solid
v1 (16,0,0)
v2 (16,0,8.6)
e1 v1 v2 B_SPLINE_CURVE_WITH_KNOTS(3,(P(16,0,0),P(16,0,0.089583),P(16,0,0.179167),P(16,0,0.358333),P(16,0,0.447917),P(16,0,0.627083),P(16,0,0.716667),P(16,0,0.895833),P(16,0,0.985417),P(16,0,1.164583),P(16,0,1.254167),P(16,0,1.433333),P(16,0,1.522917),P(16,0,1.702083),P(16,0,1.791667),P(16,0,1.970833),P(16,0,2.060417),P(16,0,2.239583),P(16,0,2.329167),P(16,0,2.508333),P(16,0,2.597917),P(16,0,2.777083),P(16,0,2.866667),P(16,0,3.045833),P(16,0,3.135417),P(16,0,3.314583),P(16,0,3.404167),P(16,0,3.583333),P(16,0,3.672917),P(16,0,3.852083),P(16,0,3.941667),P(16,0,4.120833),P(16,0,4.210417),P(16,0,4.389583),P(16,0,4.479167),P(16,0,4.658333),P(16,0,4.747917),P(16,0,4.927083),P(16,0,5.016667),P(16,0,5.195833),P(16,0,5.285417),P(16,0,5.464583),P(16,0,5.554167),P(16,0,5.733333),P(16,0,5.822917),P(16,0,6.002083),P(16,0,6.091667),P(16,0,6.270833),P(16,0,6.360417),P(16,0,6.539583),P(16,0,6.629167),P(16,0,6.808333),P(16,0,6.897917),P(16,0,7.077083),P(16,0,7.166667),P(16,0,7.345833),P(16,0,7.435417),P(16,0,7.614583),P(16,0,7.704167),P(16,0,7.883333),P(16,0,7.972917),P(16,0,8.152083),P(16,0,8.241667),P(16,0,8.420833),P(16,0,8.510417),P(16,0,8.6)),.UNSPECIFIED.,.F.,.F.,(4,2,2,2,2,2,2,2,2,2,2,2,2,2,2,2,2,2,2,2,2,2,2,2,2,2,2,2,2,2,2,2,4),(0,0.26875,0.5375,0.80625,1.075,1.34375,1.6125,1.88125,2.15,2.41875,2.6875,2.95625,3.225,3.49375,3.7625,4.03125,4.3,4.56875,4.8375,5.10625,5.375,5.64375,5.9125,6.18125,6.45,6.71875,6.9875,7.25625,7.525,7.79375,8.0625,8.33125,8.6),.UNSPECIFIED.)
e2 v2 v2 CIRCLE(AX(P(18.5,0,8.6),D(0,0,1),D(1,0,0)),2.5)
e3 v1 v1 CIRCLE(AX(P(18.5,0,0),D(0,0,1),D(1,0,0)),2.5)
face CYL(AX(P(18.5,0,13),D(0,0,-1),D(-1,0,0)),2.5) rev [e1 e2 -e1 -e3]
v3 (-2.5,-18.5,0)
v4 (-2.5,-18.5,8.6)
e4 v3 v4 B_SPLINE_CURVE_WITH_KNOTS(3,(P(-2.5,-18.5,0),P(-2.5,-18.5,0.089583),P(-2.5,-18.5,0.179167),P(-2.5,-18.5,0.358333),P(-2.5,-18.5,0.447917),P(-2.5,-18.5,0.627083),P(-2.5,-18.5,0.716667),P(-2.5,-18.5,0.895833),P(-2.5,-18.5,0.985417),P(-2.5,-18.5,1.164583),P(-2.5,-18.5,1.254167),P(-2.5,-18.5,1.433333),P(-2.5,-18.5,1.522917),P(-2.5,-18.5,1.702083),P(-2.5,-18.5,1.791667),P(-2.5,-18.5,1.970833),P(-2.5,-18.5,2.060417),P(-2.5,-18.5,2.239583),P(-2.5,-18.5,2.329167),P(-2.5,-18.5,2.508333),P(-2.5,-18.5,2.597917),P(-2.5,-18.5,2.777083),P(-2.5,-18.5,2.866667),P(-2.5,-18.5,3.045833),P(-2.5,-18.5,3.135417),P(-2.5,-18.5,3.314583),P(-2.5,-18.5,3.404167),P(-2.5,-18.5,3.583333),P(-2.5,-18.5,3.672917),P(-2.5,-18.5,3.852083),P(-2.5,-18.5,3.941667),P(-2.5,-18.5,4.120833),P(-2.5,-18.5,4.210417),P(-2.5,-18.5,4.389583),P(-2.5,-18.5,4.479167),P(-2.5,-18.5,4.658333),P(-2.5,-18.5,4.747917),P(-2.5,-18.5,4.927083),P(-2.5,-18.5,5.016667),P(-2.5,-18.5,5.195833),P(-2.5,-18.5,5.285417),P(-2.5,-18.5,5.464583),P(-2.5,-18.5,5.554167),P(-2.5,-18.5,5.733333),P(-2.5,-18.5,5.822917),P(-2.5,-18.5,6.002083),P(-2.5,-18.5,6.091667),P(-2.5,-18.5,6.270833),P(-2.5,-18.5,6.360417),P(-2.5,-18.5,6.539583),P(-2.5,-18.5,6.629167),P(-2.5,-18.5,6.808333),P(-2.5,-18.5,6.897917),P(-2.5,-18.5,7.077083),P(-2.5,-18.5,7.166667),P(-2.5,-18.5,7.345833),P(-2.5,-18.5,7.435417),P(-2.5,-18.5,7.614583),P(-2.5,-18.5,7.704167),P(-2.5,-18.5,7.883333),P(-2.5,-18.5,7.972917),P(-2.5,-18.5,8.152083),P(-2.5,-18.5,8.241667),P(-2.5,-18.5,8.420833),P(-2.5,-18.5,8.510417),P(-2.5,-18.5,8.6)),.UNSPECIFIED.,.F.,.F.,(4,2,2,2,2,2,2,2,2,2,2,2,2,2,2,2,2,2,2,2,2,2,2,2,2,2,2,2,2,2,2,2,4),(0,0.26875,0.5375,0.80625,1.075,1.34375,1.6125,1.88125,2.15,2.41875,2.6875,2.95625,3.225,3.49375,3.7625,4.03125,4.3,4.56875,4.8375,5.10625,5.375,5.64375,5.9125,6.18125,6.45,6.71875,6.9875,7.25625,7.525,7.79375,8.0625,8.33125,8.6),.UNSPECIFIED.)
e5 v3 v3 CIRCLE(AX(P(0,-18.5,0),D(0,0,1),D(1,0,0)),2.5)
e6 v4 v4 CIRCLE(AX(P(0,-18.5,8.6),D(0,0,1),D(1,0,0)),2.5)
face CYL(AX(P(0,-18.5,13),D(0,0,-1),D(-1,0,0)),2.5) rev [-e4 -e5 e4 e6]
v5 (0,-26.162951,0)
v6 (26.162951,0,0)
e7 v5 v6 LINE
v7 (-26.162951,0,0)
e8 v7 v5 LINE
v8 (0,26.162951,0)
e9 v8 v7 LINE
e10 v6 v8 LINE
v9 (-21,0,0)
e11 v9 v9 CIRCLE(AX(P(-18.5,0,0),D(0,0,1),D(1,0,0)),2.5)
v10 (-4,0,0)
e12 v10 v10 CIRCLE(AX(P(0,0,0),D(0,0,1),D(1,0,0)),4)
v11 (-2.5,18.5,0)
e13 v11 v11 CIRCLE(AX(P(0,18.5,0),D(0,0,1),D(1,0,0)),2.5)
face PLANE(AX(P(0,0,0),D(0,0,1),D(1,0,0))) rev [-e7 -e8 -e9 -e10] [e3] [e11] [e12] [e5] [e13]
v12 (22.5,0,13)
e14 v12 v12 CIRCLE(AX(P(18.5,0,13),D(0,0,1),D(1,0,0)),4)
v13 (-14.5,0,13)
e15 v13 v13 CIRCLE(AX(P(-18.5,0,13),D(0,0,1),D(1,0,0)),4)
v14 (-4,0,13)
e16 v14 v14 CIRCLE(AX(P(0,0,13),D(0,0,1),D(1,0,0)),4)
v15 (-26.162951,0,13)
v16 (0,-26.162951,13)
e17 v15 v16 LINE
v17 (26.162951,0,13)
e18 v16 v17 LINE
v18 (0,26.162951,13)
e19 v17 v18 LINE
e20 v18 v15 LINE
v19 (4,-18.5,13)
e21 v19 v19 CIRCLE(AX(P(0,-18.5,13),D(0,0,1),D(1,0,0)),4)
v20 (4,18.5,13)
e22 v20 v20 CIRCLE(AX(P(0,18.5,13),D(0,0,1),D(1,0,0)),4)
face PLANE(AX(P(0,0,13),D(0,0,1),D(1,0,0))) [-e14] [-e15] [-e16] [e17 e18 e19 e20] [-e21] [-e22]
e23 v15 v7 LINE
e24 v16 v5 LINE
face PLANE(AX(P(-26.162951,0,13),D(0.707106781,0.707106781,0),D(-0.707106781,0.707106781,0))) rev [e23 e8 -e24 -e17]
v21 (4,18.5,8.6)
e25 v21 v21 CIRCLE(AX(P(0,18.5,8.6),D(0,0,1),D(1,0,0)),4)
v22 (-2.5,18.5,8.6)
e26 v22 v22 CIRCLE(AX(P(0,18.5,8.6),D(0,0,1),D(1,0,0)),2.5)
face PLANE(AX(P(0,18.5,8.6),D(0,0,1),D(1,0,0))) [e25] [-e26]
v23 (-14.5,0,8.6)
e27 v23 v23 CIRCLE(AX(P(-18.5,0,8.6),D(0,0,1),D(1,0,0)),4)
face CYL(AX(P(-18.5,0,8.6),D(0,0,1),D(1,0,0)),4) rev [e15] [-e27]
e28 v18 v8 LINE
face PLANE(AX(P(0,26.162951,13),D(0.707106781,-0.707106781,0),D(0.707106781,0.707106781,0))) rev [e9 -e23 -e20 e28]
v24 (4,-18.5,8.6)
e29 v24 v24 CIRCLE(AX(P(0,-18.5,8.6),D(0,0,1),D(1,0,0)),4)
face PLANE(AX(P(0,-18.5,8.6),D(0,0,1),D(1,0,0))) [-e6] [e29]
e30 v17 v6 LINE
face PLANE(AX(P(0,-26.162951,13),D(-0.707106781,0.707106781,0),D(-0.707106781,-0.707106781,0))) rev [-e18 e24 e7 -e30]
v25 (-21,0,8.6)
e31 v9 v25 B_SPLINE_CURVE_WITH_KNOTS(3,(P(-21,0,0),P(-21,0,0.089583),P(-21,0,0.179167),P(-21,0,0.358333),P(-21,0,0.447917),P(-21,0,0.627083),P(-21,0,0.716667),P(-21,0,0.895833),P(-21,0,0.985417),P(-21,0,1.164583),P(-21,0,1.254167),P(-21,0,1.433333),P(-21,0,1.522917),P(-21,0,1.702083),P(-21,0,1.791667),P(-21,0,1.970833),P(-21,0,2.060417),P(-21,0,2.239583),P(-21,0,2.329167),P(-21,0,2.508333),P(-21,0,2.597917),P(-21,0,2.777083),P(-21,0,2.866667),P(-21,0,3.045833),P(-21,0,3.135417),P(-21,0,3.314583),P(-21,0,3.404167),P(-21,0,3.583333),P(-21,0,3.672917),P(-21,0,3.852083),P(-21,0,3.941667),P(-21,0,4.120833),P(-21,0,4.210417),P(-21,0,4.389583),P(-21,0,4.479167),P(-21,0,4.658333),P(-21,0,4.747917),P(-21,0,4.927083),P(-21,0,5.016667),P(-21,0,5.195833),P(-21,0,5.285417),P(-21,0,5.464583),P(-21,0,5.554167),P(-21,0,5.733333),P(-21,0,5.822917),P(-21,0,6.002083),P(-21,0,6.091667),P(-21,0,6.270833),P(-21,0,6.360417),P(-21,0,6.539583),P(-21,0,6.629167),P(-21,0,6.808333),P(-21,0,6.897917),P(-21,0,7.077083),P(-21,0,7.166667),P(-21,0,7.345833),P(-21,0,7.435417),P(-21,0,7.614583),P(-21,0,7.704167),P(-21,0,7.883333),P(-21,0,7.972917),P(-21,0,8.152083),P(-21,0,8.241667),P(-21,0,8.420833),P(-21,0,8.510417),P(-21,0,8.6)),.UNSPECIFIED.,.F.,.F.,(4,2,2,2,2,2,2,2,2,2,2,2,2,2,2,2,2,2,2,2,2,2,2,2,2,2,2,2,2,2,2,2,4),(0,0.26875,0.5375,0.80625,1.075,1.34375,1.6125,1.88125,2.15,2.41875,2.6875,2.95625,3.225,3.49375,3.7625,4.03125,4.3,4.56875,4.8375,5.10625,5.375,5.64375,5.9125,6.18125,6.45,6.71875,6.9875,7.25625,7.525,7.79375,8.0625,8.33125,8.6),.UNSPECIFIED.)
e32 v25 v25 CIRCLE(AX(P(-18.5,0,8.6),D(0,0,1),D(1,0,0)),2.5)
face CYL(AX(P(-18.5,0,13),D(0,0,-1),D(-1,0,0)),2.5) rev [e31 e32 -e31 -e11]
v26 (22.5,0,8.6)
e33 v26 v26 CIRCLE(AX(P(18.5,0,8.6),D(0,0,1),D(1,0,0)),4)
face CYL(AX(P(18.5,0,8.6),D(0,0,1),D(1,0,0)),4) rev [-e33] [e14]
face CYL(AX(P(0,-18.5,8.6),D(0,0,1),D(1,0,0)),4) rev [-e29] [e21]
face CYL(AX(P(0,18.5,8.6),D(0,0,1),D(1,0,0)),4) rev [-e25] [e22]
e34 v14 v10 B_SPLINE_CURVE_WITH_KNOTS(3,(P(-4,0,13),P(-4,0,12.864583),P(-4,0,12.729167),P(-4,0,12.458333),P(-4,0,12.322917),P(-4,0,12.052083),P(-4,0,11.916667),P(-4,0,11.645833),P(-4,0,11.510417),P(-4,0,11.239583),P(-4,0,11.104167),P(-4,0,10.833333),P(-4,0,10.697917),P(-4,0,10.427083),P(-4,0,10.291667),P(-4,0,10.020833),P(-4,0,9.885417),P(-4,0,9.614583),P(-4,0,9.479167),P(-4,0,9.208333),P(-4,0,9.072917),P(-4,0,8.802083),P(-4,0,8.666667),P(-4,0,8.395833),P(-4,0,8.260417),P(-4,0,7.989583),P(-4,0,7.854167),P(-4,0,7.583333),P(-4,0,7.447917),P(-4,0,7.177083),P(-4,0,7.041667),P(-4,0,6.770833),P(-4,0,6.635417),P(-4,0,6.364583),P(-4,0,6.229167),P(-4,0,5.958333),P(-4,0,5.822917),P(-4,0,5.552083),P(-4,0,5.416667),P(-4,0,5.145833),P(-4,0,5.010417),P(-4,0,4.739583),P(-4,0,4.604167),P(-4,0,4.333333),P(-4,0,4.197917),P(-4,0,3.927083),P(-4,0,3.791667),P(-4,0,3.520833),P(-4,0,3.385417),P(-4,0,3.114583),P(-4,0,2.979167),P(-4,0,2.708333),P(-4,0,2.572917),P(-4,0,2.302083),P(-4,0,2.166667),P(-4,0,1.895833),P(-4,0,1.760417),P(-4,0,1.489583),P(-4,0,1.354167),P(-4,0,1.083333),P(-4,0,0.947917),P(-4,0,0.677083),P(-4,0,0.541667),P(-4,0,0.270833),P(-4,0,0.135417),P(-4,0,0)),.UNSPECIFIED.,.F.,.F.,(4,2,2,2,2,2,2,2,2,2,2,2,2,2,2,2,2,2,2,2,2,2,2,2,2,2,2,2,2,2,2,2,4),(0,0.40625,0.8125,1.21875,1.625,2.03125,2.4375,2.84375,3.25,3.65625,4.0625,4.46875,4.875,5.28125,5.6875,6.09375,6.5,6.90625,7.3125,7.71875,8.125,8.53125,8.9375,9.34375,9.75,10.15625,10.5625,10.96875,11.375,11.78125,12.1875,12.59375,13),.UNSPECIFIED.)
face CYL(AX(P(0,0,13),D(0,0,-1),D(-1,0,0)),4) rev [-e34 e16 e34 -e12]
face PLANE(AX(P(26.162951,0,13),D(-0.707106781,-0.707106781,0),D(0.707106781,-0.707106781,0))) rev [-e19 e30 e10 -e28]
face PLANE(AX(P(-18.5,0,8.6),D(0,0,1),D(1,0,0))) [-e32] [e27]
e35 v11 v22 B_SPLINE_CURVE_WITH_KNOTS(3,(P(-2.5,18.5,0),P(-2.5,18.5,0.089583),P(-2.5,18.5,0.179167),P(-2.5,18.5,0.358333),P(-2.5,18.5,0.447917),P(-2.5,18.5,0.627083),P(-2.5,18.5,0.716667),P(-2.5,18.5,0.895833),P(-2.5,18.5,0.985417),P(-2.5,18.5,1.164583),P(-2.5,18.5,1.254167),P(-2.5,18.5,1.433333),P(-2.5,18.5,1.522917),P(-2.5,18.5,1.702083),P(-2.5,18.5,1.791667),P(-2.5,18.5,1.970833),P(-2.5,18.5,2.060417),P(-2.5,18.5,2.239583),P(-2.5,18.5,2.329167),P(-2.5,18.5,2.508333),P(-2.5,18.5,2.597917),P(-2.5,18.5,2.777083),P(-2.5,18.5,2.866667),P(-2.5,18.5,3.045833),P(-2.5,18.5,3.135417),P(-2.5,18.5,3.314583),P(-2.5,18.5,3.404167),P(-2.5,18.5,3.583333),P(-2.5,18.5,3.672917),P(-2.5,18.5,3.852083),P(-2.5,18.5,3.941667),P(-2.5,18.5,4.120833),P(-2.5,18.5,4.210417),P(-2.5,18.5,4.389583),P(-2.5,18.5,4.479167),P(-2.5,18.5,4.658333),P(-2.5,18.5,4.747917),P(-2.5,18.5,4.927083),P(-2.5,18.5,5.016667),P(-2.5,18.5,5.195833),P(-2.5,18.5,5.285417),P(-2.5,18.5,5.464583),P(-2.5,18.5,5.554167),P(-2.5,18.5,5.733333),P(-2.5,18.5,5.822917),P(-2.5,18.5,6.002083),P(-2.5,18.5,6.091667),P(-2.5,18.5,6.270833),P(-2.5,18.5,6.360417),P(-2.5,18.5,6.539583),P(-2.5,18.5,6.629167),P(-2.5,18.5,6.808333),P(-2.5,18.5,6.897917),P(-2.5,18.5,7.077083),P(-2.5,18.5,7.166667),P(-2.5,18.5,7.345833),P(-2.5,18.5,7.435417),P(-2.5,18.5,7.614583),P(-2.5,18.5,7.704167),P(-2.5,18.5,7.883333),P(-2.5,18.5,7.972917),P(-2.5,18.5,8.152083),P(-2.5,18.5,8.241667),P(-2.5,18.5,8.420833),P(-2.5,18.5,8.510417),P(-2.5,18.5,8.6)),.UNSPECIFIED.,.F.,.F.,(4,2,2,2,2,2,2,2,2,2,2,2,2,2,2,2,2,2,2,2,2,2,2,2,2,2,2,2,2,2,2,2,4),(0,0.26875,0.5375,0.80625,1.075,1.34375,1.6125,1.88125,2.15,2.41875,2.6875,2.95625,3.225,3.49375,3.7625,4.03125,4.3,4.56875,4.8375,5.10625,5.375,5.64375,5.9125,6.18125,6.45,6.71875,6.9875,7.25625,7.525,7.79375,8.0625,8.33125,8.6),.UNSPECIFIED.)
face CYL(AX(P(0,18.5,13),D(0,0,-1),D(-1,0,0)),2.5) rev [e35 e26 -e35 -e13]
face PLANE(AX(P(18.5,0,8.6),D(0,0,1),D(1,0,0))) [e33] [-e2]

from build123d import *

# Parameters (mm, degrees)
SKETCH_1_R          = 2.5
SKETCH_1_R_2        = 4
EXTRUDE_1_DEPTH     = 13
SKETCH_2_R          = 4
CUT_EXTRUDE_1_DEPTH = 4.4


with BuildPart() as part:
    # 草图1 → 凸台-拉伸1 (new body)
    with BuildSketch(Plane.XY):
        Polygon((0, 26.162950904), (-26.162950904, 0), (0, -26.162950904), (26.162950904, 0), align=None)
        with Locations(Location((18.5, 0, 0), (0, 0, 180))):
            Circle(SKETCH_1_R, mode=Mode.SUBTRACT)
        with Locations(Location((0, -18.5, 0), (0, 0, 180))):
            Circle(SKETCH_1_R, mode=Mode.SUBTRACT)
        with Locations(Location((-18.5, 0, 0), (0, 0, 180))):
            Circle(SKETCH_1_R, mode=Mode.SUBTRACT)
        with Locations(Location((0, 18.5, 0), (0, 0, 180))):
            Circle(SKETCH_1_R, mode=Mode.SUBTRACT)
        with Locations(Location((0, 0, 0), (0, 0, 180))):
            Circle(SKETCH_1_R_2, mode=Mode.SUBTRACT)
    extrude(amount=EXTRUDE_1_DEPTH)

    # 草图2 → 切除-拉伸1 (cut)
    with BuildSketch(Plane.XY.offset(13)):
        with Locations((18.5, 0)):
            Circle(SKETCH_2_R)
        with Locations((0, -18.5)):
            Circle(SKETCH_2_R)
        with Locations((-18.5, 0)):
            Circle(SKETCH_2_R)
        with Locations((0, 18.5)):
            Circle(SKETCH_2_R)
    extrude(amount=-CUT_EXTRUDE_1_DEPTH, mode=Mode.SUBTRACT)


solid = part.part
